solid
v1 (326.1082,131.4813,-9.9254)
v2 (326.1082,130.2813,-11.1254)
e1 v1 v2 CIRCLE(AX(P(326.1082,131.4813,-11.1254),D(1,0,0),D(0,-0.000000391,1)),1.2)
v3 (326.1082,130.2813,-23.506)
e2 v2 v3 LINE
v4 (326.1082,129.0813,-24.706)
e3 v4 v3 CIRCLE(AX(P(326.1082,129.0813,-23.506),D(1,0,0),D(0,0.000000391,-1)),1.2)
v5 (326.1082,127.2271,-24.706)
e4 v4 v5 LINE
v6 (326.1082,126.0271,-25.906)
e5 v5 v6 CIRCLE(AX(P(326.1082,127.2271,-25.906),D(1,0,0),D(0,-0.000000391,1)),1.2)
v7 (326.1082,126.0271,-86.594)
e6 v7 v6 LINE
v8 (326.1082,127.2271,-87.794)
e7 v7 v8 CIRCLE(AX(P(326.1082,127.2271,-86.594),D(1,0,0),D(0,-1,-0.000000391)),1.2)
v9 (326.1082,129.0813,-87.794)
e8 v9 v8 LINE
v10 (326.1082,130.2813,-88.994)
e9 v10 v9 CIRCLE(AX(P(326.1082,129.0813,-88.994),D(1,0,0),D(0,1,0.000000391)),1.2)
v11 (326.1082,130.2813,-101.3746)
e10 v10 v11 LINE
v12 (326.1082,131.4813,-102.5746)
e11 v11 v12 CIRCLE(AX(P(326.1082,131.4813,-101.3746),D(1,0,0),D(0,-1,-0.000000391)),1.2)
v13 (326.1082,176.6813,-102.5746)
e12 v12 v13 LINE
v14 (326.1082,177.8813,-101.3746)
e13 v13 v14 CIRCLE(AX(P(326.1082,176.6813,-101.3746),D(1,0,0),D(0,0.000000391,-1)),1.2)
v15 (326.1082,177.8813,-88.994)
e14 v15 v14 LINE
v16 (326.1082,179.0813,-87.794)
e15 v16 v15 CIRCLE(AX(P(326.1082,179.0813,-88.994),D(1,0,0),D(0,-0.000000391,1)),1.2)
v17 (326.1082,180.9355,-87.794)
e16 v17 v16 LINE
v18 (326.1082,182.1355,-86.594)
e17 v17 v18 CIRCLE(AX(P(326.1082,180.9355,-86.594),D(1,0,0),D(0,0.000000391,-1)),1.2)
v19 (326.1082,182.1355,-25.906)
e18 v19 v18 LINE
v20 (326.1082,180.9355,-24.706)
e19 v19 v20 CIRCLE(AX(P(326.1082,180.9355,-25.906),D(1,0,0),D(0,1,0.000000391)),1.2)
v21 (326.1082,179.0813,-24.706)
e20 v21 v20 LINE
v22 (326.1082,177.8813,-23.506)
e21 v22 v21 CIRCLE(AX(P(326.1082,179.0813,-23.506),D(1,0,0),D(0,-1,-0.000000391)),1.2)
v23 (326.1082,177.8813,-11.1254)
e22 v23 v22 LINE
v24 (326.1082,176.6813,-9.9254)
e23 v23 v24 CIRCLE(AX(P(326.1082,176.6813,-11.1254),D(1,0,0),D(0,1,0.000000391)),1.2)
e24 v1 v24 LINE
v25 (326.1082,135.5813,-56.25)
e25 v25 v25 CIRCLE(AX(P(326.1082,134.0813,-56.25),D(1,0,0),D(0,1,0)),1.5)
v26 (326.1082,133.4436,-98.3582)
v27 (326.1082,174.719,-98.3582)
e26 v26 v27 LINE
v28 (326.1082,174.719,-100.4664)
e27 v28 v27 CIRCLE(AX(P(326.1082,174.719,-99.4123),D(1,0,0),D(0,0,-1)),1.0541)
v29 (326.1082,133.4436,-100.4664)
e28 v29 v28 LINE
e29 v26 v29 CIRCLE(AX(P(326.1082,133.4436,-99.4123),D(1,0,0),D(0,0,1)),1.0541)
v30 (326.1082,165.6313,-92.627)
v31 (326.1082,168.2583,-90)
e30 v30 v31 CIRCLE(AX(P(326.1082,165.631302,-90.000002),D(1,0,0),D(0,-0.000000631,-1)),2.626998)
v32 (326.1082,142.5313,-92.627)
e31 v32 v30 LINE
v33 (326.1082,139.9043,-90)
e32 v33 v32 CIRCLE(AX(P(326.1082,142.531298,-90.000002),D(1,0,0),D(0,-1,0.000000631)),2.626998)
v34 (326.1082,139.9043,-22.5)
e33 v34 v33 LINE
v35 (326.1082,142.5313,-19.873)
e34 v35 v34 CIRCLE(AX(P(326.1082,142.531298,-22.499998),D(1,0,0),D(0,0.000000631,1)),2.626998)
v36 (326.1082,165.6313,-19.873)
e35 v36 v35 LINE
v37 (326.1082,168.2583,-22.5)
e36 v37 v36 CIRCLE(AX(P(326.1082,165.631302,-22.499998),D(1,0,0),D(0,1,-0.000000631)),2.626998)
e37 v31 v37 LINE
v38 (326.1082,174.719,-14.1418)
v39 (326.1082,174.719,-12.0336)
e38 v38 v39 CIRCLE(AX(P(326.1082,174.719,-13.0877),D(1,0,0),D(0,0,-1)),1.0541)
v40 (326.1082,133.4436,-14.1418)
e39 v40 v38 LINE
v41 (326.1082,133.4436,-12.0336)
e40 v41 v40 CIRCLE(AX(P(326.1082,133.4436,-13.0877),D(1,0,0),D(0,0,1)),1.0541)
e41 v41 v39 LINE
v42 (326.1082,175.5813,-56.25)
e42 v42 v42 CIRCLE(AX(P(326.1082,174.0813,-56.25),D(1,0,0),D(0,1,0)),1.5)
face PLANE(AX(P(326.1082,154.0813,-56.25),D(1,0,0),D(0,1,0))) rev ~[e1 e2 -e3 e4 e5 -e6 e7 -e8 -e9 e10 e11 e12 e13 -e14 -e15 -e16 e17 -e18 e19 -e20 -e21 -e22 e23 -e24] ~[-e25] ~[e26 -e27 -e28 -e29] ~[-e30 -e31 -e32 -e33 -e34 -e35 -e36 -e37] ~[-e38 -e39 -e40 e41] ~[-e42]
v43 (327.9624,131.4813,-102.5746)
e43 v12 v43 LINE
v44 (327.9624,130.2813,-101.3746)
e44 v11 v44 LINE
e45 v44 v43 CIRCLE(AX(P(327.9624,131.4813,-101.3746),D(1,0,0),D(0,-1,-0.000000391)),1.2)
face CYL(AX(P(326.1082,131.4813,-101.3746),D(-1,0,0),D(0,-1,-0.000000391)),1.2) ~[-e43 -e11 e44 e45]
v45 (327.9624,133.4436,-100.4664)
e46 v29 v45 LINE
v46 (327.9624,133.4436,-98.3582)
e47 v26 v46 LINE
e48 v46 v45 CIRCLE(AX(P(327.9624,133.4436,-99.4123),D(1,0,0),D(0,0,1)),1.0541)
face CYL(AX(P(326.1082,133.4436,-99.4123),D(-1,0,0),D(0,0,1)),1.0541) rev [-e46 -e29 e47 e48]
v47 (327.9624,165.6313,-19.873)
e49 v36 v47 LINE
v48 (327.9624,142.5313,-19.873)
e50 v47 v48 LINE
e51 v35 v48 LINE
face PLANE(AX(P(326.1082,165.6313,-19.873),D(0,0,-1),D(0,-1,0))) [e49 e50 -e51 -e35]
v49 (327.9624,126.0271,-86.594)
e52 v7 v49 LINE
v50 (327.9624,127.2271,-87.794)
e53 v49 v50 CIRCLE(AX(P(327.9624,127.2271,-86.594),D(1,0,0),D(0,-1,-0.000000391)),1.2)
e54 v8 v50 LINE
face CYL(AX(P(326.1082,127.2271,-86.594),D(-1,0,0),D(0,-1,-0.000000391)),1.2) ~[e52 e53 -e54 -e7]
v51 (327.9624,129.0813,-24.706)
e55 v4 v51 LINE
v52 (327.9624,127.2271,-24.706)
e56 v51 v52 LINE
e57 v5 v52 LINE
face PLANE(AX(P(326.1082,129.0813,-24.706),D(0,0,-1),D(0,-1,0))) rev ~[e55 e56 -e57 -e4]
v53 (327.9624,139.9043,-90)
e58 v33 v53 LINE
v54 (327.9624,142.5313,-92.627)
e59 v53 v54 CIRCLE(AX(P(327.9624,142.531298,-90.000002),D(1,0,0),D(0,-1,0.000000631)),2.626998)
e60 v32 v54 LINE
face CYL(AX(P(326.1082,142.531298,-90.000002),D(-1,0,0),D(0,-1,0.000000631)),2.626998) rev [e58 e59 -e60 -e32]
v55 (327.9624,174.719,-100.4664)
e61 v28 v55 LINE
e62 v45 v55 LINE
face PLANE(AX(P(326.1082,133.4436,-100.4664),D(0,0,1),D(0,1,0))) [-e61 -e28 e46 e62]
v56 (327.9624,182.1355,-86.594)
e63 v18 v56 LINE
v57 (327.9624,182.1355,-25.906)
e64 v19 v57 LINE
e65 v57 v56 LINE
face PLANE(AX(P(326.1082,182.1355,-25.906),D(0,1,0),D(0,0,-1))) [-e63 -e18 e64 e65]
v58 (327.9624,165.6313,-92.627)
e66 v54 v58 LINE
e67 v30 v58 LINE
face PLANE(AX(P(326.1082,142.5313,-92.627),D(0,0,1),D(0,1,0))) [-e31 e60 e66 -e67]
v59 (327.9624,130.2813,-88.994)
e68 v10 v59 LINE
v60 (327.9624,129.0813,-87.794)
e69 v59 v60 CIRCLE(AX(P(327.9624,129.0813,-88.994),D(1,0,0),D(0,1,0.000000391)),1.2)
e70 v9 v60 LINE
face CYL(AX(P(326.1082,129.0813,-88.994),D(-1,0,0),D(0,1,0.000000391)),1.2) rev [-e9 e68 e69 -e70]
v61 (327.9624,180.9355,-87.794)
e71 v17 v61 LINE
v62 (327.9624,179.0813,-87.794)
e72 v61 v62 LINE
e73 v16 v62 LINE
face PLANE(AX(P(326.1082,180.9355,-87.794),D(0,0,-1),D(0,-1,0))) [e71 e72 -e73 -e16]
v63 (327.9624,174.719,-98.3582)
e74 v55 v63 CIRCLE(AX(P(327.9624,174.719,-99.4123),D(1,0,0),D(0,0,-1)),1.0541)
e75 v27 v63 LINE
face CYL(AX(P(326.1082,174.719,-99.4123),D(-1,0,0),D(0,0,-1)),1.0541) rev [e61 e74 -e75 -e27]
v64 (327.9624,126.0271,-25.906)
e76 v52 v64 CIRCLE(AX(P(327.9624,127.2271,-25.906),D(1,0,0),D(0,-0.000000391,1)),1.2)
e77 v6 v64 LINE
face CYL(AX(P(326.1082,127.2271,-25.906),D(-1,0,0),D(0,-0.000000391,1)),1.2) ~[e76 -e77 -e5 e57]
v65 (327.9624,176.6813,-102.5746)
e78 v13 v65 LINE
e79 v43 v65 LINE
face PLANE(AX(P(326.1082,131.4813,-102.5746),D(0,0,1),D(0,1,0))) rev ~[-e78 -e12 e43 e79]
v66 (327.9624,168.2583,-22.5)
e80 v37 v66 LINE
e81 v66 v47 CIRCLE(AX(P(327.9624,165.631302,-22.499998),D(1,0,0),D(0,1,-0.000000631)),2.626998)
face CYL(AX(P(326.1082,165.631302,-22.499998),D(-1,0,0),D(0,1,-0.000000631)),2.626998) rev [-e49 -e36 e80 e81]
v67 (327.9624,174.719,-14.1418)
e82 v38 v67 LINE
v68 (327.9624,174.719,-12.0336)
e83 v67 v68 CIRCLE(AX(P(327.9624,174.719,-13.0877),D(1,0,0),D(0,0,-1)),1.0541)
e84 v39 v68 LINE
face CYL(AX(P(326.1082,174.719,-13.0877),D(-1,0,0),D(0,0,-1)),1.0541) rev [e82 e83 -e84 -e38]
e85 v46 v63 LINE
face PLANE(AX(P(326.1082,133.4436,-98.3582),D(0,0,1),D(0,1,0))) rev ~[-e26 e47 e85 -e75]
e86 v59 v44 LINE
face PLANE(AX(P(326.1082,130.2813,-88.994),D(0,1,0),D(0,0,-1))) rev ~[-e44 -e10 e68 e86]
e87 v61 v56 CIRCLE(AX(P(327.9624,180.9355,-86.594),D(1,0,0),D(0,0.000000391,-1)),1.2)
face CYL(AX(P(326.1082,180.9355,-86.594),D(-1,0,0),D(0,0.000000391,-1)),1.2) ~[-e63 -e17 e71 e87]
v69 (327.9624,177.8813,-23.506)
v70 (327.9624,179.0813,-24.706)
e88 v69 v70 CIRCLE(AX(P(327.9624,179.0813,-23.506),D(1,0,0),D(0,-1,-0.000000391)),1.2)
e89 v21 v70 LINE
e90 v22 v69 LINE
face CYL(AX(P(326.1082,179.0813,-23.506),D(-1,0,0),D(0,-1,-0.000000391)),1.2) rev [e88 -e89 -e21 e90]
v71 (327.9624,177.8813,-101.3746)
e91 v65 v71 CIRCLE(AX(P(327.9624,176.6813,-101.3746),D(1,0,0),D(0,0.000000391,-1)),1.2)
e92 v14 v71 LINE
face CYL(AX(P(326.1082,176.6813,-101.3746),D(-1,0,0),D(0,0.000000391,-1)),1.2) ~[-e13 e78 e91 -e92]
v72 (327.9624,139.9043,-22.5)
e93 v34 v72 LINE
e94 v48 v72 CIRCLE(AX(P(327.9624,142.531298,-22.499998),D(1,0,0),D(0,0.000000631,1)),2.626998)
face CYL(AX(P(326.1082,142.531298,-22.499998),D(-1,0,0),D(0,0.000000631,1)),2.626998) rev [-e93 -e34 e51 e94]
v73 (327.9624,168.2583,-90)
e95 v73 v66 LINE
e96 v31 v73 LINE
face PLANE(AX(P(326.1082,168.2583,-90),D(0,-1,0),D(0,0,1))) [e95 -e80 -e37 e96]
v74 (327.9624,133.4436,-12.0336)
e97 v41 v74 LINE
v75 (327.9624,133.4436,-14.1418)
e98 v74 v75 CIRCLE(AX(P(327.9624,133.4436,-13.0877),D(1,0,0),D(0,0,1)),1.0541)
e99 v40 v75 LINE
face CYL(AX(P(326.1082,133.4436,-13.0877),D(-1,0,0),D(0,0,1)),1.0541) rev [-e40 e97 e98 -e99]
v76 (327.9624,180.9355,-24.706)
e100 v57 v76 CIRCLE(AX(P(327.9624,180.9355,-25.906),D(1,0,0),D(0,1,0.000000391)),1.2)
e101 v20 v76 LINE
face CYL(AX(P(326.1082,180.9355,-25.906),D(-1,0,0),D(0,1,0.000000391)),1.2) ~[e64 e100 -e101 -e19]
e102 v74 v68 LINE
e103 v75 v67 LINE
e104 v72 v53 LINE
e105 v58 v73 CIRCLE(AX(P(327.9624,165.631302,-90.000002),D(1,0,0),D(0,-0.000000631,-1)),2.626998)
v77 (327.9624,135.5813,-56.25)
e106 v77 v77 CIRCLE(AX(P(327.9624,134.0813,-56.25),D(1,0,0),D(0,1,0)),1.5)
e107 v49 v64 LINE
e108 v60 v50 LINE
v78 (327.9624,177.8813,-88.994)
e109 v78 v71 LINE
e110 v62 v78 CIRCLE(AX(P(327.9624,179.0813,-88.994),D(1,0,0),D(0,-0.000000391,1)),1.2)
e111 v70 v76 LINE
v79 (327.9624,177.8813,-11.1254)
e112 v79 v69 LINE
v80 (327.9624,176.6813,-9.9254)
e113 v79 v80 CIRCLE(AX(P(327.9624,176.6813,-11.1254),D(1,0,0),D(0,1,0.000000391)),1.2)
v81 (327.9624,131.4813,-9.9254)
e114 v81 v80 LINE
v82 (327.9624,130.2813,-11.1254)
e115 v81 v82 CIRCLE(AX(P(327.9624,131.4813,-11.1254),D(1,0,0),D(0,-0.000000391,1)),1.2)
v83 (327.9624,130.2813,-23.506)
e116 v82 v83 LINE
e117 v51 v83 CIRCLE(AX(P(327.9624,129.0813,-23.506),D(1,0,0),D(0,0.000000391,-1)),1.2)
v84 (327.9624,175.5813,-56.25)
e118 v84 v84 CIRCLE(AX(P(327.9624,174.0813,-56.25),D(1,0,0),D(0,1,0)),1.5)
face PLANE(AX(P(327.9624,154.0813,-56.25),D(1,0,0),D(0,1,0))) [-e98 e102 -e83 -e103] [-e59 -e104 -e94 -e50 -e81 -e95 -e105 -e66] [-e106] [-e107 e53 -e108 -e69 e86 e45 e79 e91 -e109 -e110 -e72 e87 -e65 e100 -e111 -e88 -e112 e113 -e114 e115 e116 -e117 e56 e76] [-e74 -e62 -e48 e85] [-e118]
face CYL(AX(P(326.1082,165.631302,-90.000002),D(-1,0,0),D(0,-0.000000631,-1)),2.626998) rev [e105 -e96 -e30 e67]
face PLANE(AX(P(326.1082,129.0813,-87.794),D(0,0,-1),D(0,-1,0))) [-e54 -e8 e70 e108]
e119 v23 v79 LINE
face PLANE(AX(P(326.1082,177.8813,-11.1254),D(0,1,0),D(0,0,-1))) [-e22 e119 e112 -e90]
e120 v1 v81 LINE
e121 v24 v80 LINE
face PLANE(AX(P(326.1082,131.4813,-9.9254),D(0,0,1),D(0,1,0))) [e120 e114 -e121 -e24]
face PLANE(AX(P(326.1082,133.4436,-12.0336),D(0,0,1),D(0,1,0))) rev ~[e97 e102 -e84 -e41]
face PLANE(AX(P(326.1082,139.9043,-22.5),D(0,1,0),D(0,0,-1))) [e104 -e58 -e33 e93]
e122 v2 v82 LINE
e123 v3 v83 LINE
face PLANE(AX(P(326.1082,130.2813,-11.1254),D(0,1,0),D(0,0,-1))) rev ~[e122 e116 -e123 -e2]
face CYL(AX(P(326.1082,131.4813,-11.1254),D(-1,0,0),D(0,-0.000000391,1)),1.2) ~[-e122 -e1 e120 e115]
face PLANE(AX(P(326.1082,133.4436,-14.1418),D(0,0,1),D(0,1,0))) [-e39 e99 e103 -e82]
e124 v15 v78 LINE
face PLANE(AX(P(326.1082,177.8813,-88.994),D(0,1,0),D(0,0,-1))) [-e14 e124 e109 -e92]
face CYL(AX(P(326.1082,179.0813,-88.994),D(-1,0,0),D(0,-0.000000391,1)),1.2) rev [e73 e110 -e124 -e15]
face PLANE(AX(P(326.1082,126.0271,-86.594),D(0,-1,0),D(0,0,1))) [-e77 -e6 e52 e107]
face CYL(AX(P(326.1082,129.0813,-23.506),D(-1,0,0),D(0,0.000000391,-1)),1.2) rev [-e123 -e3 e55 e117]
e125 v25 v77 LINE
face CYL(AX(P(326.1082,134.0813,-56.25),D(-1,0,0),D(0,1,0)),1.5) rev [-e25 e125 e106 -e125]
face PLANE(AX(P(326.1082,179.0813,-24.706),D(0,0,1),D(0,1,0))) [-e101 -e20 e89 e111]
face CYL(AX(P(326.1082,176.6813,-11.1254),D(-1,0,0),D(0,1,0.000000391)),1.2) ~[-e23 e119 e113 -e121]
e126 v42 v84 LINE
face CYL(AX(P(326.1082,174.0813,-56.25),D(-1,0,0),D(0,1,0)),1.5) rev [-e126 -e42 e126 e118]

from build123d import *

# Parameters (mm, degrees)
SKETCH_R  = 1.5
PAD_DEPTH = 1.8542


with BuildPart() as part:
    # Sketch (on Face48 of Binder001) → Pad (new body)
    with BuildSketch(Plane.YZ.offset(326.1082)):
        with BuildLine():
            Line((129.0813, -24.706), (127.2271, -24.706))
            ThreePointArc((127.2271, -24.706), (126.378572, -25.057472), (126.0271, -25.906))
            Line((126.0271, -86.594), (126.0271, -25.906))
            ThreePointArc((126.0271, -86.594), (126.378572, -87.442528), (127.2271, -87.794))
            Line((129.0813, -87.794), (127.2271, -87.794))
            ThreePointArc((130.2813, -88.994), (129.929828, -88.145472), (129.0813, -87.794))
            Line((130.2813, -88.994), (130.2813, -101.3746))
            ThreePointArc((130.2813, -101.3746), (130.632772, -102.223128), (131.4813, -102.5746))
            Line((131.4813, -102.5746), (176.6813, -102.5746))
            ThreePointArc((176.6813, -102.5746), (177.529828, -102.223128), (177.8813, -101.3746))
            Line((177.8813, -88.994), (177.8813, -101.3746))
            ThreePointArc((179.0813, -87.794), (178.232772, -88.145472), (177.8813, -88.994))
            Line((180.9355, -87.794), (179.0813, -87.794))
            ThreePointArc((180.9355, -87.794), (181.784028, -87.442528), (182.1355, -86.594))
            Line((182.1355, -25.906), (182.1355, -86.594))
            ThreePointArc((182.1355, -25.906), (181.784028, -25.057472), (180.9355, -24.706))
            Line((179.0813, -24.706), (180.9355, -24.706))
            ThreePointArc((177.8813, -23.506), (178.232772, -24.354528), (179.0813, -24.706))
            Line((177.8813, -11.1254), (177.8813, -23.506))
            ThreePointArc((177.8813, -11.1254), (177.529828, -10.276872), (176.6813, -9.9254))
            Line((131.4813, -9.9254), (176.6813, -9.9254))
            ThreePointArc((131.4813, -9.9254), (130.632772, -10.276872), (130.2813, -11.1254))
            Line((130.2813, -11.1254), (130.2813, -23.506))
            ThreePointArc((129.0813, -24.706), (129.929828, -24.354528), (130.2813, -23.506))
        make_face()
        with Locations((134.0813, -56.25)):
            Circle(SKETCH_R, mode=Mode.SUBTRACT)
        with Locations((174.0813, -56.25)):
            Circle(SKETCH_R, mode=Mode.SUBTRACT)
        with BuildLine():
            Line((139.9043, -22.5), (139.9043, -90))
            ThreePointArc((139.9043, -90), (140.67373, -91.85757), (142.5313, -92.627))
            Line((142.5313, -92.627), (165.6313, -92.627))
            ThreePointArc((165.6313, -92.627), (167.48887, -91.85757), (168.2583, -90))
            Line((168.2583, -90), (168.2583, -22.5))
            ThreePointArc((168.2583, -22.5), (167.48887, -20.64243), (165.6313, -19.873))
            Line((165.6313, -19.873), (142.5313, -19.873))
            ThreePointArc((142.5313, -19.873), (140.67373, -20.64243), (139.9043, -22.5))
        make_face(mode=Mode.SUBTRACT)
        with BuildLine():
            ThreePointArc((133.4436, -12.0336), (132.3895, -13.0877), (133.4436, -14.1418))
            Line((133.4436, -14.1418), (174.719, -14.1418))
            ThreePointArc((174.719, -14.1418), (175.7731, -13.0877), (174.719, -12.0336))
            Line((133.4436, -12.0336), (174.719, -12.0336))
        make_face(mode=Mode.SUBTRACT)
        with BuildLine():
            ThreePointArc((133.4436, -98.3582), (132.3895, -99.4123), (133.4436, -100.4664))
            Line((133.4436, -100.4664), (174.719, -100.4664))
            ThreePointArc((174.719, -100.4664), (175.7731, -99.4123), (174.719, -98.3582))
            Line((133.4436, -98.3582), (174.719, -98.3582))
        make_face(mode=Mode.SUBTRACT)
    extrude(amount=PAD_DEPTH)


solid = part.part
